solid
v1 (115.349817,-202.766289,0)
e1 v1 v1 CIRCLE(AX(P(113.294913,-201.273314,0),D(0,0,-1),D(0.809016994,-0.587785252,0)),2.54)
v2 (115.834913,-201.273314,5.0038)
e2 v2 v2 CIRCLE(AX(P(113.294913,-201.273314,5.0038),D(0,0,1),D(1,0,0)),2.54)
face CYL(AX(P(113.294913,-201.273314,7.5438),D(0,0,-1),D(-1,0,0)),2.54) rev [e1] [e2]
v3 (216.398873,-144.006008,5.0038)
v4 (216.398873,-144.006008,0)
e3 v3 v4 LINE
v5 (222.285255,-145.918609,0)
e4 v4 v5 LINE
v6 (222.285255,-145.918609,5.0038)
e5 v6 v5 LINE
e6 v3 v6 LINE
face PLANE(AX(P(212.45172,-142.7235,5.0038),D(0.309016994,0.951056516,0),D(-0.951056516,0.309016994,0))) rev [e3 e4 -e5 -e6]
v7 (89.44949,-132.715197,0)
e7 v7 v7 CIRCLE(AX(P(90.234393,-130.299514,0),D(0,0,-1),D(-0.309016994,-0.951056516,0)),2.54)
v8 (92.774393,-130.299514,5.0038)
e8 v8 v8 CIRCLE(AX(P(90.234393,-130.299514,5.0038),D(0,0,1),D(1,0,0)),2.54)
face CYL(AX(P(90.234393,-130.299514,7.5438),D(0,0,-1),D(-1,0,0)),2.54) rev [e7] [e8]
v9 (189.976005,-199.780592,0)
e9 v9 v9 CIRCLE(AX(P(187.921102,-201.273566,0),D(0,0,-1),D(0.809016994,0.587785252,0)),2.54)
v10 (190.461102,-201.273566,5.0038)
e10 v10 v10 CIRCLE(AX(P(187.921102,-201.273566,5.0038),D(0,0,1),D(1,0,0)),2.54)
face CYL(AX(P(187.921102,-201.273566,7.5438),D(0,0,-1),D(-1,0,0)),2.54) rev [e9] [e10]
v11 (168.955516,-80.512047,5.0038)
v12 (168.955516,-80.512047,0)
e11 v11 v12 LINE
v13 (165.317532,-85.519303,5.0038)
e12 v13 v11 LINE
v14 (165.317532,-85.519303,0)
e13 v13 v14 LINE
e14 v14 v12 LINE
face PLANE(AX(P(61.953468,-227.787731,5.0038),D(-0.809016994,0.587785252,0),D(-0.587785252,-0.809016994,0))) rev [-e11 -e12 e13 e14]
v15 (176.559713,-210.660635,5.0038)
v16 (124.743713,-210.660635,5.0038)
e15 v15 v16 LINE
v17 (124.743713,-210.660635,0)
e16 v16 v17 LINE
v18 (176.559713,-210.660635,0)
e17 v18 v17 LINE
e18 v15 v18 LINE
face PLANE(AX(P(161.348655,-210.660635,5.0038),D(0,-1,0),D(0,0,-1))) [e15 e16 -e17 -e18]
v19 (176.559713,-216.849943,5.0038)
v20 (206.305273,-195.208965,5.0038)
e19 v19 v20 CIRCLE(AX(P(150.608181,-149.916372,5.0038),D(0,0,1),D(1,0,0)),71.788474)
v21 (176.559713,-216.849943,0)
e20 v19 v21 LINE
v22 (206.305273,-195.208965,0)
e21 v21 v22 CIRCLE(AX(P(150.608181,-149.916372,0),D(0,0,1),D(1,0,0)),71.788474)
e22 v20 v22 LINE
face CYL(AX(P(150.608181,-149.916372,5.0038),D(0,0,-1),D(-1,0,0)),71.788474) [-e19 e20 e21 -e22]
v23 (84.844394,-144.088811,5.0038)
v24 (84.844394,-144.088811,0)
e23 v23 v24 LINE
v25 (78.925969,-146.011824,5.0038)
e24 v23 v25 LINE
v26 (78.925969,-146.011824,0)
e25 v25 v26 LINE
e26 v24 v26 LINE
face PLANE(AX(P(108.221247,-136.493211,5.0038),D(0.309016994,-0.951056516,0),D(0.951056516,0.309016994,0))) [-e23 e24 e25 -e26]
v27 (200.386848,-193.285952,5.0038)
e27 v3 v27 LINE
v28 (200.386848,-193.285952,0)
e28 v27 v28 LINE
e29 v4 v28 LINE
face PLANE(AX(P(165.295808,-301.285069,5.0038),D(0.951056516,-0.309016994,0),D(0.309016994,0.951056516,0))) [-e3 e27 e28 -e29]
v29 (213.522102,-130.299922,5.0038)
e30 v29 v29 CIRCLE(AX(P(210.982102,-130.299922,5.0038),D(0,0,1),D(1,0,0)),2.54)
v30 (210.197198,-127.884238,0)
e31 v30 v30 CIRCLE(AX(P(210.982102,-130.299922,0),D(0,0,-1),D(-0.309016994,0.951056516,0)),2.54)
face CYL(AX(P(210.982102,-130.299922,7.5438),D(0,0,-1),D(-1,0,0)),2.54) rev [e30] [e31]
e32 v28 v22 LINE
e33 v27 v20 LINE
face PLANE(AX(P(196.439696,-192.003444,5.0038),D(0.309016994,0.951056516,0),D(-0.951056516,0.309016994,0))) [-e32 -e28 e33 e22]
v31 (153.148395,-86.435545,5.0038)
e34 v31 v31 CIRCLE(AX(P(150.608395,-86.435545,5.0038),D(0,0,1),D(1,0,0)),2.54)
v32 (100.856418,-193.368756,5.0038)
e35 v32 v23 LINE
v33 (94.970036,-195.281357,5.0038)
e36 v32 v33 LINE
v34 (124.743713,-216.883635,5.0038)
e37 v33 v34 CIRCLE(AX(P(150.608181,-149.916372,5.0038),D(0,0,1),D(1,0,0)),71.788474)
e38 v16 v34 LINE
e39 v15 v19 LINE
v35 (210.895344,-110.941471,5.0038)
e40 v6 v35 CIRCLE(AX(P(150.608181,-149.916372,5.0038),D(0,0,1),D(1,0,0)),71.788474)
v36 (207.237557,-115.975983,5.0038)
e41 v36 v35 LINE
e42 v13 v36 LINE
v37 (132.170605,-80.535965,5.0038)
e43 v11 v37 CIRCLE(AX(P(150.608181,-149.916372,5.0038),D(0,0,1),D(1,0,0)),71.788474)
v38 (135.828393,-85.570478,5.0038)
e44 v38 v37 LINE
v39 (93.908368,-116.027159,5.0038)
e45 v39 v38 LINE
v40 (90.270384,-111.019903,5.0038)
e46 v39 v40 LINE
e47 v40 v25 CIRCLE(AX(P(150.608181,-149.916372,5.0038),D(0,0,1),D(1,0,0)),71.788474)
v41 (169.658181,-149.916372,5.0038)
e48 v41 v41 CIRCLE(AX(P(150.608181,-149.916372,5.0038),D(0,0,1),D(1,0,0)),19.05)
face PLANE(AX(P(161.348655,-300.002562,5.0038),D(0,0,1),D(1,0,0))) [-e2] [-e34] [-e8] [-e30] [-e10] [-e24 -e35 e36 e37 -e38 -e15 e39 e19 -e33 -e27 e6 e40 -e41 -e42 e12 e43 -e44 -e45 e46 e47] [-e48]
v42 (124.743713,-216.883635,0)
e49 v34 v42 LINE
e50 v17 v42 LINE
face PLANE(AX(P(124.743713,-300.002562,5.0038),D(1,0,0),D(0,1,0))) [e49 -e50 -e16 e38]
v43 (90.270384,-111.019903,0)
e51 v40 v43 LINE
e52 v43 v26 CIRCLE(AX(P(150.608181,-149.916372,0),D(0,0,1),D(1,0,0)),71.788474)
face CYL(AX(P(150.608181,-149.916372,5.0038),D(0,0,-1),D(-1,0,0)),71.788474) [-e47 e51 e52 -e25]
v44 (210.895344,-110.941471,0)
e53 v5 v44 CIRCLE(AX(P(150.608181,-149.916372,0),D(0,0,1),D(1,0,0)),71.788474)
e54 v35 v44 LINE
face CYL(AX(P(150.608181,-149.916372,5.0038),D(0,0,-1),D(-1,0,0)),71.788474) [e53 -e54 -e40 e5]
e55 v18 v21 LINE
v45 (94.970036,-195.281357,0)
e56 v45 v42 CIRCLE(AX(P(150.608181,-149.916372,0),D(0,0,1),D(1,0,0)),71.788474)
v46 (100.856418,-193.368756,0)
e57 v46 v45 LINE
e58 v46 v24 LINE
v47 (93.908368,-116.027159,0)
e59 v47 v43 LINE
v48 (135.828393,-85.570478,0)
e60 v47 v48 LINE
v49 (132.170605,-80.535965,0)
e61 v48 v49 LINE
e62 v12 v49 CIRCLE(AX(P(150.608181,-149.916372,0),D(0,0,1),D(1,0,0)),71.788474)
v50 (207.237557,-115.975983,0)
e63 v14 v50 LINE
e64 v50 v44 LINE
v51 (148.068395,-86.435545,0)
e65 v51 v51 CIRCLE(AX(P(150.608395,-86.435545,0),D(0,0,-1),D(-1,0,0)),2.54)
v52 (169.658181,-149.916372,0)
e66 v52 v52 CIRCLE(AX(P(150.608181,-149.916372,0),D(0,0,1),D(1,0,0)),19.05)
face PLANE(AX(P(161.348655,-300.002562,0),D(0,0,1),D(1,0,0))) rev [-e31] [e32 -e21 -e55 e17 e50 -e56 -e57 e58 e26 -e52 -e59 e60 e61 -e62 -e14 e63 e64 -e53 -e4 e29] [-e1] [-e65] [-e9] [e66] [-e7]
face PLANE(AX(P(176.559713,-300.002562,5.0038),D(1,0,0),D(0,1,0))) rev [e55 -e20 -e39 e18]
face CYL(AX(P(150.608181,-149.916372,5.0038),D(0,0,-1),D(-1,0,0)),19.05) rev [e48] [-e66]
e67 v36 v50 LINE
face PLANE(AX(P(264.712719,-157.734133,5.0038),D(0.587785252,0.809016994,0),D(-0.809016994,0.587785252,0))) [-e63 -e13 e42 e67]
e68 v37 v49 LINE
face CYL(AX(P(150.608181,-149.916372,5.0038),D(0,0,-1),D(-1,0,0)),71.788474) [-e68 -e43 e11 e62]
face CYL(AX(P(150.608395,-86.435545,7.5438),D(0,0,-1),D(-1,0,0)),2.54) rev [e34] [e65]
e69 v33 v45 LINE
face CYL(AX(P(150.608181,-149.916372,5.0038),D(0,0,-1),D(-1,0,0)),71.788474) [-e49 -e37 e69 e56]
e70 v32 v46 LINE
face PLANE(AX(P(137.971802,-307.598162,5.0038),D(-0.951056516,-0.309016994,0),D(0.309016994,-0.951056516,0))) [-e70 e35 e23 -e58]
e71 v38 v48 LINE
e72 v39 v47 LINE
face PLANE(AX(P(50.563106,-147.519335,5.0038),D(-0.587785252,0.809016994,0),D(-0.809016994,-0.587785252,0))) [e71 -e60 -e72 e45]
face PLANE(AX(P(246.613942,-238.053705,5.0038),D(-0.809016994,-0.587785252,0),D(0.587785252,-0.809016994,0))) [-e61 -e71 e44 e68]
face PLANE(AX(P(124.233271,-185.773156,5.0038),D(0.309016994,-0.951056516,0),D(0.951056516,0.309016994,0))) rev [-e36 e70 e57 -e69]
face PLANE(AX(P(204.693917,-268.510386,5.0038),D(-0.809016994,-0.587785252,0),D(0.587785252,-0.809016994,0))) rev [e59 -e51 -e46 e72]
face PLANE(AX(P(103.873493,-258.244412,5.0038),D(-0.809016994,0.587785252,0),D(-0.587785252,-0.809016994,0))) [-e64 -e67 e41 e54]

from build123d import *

# Parameters (mm, degrees)
SKETCH1_R           = 19.05
BOSS_EXTRUDE2_DEPTH = 5.0038
SKETCH2_R           = 2.54
CUT_EXTRUDE1_DEPTH  = 7.5438
CIRPATTERN1_COUNT   = 5


with BuildPart() as part:
    # Sketch1 → Boss-Extrude2 (new body)
    with BuildSketch(Plane.XY):
        with BuildLine():
            Line((207.237556858, -115.975983371), (165.317532277, -85.519302738))
            Line((165.317532277, -85.519302738), (168.955516395, -80.512047172))
            ThreePointArc((168.955516395, -80.512047172), (150.561502758, -78.127913016), (132.170605091, -80.535965413))
            Line((132.170605091, -80.535965413), (135.828392716, -85.570478169))
            Line((135.828392716, -85.570478169), (93.908368135, -116.027158802))
            Line((93.908368135, -116.027158802), (90.270384017, -111.019903235))
            ThreePointArc((90.270384017, -111.019903235), (82.318874884, -127.776911795), (78.925968887, -146.011823976))
            Line((78.925968887, -146.011823976), (84.844393588, -144.08881122))
            Line((84.844393588, -144.08881122), (100.856418169, -193.368755668))
            Line((100.856418169, -193.368755668), (94.970036216, -195.281357105))
            ThreePointArc((94.970036216, -195.281357105), (108.449746946, -208.0218921), (124.743713387, -216.883635212))
            Line((124.743713387, -216.883635212), (124.743713387, -210.660635212))
            Line((124.743713387, -210.660635212), (176.559713387, -210.660635212))
            Line((176.559713387, -210.660635212), (176.559713387, -216.849943473))
            ThreePointArc((176.559713387, -216.849943473), (192.842141911, -207.967018576), (206.305272979, -195.208964837))
            Line((206.305272979, -195.208964837), (200.386848278, -193.285952081))
            Line((200.386848278, -193.285952081), (216.398872859, -144.006007633))
            Line((216.398872859, -144.006007633), (222.285254812, -145.918609069))
            ThreePointArc((222.285254812, -145.918609069), (218.868638328, -127.688124568), (210.895344483, -110.941470615))
            Line((210.895344483, -110.941470615), (207.237556858, -115.975983371))
        make_face()
        with Locations((150.608180965, -149.916372011)):
            Circle(SKETCH1_R, mode=Mode.SUBTRACT)
    extrude(amount=BOSS_EXTRUDE2_DEPTH)

    # Sketch2 → Cut-Extrude1 (cut)
    with BuildSketch(Plane(origin=(0, 0, 0), x_dir=(-1, 0, 0), z_dir=(0, 0, -1))):
        with Locations((-150.608395424, -86.435544776)):
            Circle(SKETCH2_R)
    cut_extrude1 = extrude(amount=-CUT_EXTRUDE1_DEPTH, mode=Mode.SUBTRACT)

    # CirPattern1: Cut-Extrude1 ×5 about axis
    cirpattern1_axis = Axis((150.608180965, -149.916372011, 0), (0, 0, 1))
    for i in range(1, CIRPATTERN1_COUNT):
        add(cut_extrude1.rotate(cirpattern1_axis, i * 360 / CIRPATTERN1_COUNT), mode=Mode.SUBTRACT)


solid = part.part
